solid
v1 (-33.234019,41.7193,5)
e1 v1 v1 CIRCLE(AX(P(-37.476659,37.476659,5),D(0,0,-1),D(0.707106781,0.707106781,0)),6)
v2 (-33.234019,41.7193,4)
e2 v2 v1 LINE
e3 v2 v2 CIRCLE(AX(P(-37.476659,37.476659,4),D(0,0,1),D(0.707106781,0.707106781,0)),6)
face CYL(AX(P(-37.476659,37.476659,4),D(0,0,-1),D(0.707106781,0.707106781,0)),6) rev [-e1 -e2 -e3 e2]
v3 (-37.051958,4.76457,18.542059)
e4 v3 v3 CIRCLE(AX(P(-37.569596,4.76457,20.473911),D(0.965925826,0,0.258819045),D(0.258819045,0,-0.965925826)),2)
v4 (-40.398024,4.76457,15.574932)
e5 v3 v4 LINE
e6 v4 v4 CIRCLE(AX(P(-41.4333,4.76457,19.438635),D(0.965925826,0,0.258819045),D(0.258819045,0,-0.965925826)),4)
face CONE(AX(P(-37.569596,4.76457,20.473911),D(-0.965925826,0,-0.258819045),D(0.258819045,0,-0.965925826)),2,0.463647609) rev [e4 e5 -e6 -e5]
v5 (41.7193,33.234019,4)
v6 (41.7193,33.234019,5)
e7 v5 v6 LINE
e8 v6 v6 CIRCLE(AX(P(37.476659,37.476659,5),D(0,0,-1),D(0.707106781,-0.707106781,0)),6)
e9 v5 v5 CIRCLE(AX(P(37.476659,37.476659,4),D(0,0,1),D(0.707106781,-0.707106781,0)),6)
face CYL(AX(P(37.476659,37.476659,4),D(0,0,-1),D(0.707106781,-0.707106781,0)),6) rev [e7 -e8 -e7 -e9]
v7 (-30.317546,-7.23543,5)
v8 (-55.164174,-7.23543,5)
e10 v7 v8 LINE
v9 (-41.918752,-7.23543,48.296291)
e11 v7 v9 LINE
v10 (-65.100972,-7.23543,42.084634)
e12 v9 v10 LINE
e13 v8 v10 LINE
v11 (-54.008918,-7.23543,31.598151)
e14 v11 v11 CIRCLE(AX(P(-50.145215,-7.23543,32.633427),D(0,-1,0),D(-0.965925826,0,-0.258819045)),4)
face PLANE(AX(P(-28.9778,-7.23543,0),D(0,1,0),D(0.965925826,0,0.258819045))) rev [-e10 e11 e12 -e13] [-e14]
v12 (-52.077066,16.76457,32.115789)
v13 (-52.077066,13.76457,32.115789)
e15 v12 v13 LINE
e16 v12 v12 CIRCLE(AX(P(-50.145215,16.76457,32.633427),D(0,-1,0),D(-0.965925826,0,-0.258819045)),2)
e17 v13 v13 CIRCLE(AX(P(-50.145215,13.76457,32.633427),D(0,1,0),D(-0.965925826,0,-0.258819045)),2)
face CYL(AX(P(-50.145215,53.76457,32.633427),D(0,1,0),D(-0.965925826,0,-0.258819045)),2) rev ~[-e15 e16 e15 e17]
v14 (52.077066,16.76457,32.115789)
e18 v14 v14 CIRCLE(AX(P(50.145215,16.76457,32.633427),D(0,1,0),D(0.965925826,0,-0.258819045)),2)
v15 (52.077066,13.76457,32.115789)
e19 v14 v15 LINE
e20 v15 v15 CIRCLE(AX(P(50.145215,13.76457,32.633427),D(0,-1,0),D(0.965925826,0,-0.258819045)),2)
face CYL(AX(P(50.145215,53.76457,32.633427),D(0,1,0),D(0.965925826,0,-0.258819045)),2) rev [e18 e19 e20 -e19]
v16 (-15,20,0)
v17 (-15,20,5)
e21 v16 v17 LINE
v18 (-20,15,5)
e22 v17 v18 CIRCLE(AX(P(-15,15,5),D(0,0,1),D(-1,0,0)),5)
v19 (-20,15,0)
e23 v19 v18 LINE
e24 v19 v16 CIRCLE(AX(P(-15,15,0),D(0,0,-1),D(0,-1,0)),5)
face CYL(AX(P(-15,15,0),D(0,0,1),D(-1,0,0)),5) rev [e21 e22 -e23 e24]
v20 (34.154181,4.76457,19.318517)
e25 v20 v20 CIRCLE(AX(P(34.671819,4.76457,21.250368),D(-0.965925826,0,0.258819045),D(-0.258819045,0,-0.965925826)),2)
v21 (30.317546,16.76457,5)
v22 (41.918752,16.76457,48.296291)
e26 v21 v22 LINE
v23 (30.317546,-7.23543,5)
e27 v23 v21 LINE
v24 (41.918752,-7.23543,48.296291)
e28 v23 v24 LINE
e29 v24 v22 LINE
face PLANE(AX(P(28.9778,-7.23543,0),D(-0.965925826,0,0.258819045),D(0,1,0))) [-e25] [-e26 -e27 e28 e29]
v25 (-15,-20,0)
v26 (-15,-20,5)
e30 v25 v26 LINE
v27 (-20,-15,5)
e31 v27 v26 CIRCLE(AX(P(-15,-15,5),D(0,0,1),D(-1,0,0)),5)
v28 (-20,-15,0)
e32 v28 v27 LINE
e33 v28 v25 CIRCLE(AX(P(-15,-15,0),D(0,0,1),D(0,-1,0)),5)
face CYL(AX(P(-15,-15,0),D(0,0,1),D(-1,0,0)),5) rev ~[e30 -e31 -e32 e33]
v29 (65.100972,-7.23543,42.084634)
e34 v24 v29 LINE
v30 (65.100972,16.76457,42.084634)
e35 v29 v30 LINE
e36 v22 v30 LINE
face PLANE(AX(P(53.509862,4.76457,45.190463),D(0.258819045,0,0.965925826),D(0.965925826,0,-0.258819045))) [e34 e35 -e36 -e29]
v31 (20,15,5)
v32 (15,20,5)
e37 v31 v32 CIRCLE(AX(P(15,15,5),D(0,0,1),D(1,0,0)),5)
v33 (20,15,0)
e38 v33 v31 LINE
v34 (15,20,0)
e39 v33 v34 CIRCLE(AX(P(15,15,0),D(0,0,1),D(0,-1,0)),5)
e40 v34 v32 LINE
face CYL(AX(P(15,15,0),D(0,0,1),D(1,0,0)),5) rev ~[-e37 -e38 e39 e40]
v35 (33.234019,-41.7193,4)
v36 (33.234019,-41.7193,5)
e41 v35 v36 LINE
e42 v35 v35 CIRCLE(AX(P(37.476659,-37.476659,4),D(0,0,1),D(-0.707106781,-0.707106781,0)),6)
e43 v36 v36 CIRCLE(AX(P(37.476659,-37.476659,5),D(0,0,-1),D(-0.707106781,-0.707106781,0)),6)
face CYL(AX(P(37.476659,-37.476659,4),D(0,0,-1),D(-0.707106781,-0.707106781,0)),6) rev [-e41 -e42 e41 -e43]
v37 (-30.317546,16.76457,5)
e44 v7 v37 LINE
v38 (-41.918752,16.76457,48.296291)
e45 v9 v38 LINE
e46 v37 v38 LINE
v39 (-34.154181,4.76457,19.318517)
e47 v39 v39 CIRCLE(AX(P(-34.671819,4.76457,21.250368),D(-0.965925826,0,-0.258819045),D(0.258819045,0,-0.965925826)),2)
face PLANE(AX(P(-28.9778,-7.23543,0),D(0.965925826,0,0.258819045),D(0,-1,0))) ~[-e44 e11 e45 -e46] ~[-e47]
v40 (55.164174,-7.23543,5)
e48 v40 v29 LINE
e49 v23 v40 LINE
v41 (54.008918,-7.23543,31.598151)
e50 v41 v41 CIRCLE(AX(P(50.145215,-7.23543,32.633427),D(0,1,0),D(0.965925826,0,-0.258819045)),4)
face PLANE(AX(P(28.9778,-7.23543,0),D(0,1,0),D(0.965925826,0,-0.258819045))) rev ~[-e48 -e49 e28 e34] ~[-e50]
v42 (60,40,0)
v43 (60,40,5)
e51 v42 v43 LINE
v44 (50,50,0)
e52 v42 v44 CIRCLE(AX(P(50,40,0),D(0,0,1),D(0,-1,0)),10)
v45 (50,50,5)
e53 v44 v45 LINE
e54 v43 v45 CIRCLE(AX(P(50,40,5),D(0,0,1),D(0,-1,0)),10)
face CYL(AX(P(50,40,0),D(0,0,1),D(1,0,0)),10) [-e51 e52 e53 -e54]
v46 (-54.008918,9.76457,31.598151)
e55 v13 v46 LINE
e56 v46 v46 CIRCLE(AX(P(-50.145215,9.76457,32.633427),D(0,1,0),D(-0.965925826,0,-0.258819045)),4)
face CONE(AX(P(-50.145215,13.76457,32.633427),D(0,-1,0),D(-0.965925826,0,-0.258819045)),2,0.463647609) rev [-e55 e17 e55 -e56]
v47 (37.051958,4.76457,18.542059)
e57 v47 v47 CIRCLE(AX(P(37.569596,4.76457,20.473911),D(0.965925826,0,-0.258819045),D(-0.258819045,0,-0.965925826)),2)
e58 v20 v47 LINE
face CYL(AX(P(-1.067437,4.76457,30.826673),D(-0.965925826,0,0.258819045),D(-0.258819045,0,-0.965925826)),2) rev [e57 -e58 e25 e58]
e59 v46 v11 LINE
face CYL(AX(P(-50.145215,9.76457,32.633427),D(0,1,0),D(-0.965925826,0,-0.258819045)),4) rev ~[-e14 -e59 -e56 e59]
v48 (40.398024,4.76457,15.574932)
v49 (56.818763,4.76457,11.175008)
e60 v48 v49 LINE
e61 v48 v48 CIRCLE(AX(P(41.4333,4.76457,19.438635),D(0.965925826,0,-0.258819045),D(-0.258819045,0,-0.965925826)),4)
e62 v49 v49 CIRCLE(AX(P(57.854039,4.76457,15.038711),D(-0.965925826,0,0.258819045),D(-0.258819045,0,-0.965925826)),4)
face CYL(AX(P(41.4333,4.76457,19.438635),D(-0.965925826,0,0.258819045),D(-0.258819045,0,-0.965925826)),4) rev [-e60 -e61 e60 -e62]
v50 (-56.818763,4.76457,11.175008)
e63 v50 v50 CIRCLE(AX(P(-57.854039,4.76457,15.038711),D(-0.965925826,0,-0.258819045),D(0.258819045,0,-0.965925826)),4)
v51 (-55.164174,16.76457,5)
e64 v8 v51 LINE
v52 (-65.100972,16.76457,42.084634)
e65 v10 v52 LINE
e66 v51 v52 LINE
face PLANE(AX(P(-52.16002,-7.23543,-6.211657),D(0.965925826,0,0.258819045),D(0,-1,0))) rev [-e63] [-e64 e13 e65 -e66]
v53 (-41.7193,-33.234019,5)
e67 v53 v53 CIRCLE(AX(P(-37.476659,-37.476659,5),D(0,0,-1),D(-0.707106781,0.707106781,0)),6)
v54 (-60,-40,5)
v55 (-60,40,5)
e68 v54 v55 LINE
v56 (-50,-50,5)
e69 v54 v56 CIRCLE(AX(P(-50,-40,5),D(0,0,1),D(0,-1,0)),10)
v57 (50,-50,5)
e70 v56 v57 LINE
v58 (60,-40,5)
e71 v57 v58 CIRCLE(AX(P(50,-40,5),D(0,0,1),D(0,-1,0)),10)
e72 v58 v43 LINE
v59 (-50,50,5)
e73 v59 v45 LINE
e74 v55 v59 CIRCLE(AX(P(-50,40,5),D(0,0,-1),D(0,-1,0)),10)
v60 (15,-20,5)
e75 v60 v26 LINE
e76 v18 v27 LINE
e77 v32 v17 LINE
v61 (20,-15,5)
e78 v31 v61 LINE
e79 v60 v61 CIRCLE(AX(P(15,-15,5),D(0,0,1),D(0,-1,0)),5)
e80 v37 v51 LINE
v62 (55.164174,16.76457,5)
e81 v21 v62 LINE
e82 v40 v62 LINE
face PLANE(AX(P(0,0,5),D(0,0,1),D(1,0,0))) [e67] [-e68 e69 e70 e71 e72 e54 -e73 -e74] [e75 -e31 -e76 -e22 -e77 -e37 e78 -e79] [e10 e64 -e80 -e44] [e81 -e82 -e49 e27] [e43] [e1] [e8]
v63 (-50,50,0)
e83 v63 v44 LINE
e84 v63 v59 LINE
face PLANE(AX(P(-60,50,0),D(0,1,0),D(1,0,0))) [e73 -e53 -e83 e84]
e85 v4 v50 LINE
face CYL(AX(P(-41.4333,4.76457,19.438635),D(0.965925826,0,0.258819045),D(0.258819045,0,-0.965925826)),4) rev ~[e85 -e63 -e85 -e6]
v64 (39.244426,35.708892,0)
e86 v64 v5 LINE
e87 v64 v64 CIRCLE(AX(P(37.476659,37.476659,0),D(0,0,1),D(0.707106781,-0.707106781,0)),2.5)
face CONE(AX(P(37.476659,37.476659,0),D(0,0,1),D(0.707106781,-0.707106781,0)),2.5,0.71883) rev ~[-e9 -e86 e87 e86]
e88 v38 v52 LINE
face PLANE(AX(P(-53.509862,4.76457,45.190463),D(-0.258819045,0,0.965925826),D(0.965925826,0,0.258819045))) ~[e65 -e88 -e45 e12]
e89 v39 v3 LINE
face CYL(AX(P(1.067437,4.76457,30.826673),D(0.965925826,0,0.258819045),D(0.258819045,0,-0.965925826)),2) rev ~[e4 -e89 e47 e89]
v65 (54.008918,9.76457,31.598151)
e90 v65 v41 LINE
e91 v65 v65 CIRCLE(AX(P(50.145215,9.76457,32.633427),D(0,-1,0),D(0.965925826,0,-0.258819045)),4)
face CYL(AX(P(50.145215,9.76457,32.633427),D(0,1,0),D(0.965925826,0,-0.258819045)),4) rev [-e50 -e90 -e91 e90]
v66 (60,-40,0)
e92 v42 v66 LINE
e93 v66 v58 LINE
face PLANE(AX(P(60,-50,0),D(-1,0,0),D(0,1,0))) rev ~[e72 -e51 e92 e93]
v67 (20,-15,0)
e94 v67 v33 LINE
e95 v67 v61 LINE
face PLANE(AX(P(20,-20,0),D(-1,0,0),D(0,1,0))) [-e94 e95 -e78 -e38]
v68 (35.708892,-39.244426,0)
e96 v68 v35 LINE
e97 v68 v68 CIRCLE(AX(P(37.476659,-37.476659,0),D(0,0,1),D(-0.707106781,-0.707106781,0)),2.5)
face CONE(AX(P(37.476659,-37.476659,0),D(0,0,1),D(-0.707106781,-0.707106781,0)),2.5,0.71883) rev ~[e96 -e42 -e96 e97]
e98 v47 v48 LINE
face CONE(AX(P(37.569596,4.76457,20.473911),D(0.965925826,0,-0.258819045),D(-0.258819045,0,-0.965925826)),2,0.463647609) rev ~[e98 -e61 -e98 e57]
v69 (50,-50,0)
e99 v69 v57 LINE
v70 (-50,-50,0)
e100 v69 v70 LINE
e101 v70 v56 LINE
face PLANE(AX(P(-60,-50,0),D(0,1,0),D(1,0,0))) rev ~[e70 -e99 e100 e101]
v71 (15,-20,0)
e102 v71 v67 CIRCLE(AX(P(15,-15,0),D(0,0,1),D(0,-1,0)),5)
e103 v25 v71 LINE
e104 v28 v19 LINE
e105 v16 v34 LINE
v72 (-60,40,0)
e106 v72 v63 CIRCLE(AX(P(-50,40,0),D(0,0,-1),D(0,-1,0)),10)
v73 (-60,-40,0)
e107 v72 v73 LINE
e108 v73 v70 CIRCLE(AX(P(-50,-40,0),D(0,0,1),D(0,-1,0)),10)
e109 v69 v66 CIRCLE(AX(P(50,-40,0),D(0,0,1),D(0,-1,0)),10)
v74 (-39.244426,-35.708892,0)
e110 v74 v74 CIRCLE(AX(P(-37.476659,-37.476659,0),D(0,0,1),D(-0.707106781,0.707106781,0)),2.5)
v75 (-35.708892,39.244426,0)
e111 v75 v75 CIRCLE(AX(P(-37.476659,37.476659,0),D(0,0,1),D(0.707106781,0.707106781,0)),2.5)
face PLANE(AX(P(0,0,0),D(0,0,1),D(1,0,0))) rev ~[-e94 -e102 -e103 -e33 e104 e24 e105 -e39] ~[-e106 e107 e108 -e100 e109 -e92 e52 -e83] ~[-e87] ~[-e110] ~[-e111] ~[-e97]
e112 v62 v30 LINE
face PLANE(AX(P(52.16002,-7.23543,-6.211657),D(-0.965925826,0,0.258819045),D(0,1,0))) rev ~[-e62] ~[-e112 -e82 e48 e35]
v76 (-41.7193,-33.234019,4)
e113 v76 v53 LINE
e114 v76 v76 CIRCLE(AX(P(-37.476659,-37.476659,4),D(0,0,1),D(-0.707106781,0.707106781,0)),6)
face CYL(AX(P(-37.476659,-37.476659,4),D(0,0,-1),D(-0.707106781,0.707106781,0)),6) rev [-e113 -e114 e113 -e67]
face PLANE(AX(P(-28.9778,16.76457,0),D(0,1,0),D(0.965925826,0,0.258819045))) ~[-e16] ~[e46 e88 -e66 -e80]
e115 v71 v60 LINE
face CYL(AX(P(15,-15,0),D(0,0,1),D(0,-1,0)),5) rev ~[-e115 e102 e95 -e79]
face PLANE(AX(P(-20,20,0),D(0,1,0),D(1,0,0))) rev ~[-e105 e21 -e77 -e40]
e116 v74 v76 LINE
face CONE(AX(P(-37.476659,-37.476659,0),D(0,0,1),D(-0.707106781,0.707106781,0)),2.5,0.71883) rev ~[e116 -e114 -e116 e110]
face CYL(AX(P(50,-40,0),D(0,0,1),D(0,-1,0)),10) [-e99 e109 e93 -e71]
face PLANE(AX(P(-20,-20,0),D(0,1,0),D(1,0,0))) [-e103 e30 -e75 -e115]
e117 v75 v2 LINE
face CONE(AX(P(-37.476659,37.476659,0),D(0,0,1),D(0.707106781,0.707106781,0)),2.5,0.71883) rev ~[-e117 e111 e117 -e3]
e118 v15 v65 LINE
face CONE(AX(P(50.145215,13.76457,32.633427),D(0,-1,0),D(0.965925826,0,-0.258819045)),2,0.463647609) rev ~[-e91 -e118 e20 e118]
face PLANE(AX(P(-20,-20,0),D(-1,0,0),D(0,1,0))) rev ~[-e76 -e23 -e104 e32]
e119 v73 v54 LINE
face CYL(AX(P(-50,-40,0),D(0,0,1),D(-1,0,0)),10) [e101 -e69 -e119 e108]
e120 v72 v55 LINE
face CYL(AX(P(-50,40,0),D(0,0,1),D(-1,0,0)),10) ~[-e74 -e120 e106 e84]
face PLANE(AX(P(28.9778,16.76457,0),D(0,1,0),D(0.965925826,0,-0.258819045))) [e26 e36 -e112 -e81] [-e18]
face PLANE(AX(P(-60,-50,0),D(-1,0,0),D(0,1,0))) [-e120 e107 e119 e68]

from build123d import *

# Parameters (mm, degrees)
CYLINDER_R               = 6
CYLINDER_DEPTH           = 60
CYLINDER001_R            = 2.5
CYLINDER001_DEPTH        = 40
ARRAY001_COUNT           = 4
ARRAY001_PLACEMENT_ANGLE = 45
BOX007_W                 = 40
BOX007_H                 = 40
BOX007_DEPTH             = 10
FILLET001_R              = 5
CYLINDER003_R            = 70
CYLINDER003_DEPTH        = 20
CYLINDER004_R            = 4
CYLINDER004_DEPTH        = 60
CYLINDER005_R            = 2
CYLINDER005_DEPTH        = 40
BODY004_PLACEMENT_ANGLE  = 90
BODY003_PLACEMENT_ANGLE  = 90
BOX005_W                 = 24
BOX005_H                 = 24
BOX005_DEPTH             = 50
CUT002_PLACEMENT_ANGLE   = 15
BOX006_W                 = 120
BOX006_H                 = 100
BOX006_DEPTH             = 5
FILLET_R                 = 10


with BuildPart() as cone001:
    # Cone001 → Cone001 (revolve)
    with BuildSketch(Plane.XZ):
        Polygon((0, 0), (2.5, 0), (6, 4), (0, 4), align=None)
    revolve(axis=Axis((0, 0, 0), (0, 0, 1)))


with BuildPart() as cylinder:
    # Cylinder → Cylinder (new body)
    with BuildSketch(Plane.XY.offset(4)):
        Circle(CYLINDER_R)
    extrude(amount=CYLINDER_DEPTH)


with BuildPart() as screw_hole_clone:
    # Cylinder001 → Cylinder001 (new body)
    with BuildSketch(Plane.XY.offset(-40)):
        Circle(CYLINDER001_R)
    extrude(amount=CYLINDER001_DEPTH)

    # Fusion002: union Cone001, Cylinder
    add(cone001.part)
    add(cylinder.part)


with BuildPart() as screw_hole_clone_1:
    # Fusion002 placement: moved
    add(screw_hole_clone.part.moved(Location((0, 0, 5))))


with BuildPart() as screw_hole_clone_2:
    # Body001 placement: moved
    add(screw_hole_clone_1.part.moved(Location((0, 0, -5))))


with BuildPart() as array001:
    # Body002 base: copy of screw hole clone
    add(screw_hole_clone_2.part)


with BuildPart() as array001_1:
    # Body002 placement: moved
    add(array001.part.moved(Location((0, 53, 0))))

    # Array001: Array001 ×4 about axis
    array001_axis = Axis((0, 0, 0), (0, 0, 1))


with BuildPart() as array001_2:
    add(array001_1.part)
    for i in range(1, ARRAY001_COUNT):
        add(array001_1.part.rotate(array001_axis, i * 360 / ARRAY001_COUNT))


with BuildPart() as array001_3:
    # Array001 placement: moved
    add(array001_2.part.rotate(Axis((0, 0, 0), (0, 0, 1)), ARRAY001_PLACEMENT_ANGLE))


with BuildPart() as central_hole_cube_fillet:
    # Box007 → Box007 (new body)
    with BuildSketch(Plane(origin=(-20, -20, 0), x_dir=(1, 0, 0), z_dir=(0, 0, 1))):
        with Locations((20, 20)):
            Rectangle(BOX007_W, BOX007_H)
    extrude(amount=BOX007_DEPTH)

    # Fillet001
    fillet001_edges = [central_hole_cube_fillet.edges().sort_by_distance(p)[0] for p in [
        (-20, -20, 5),
        (-20, 20, 5),
        (20, -20, 5),
        (20, 20, 5),
    ]]
    fillet(fillet001_edges, radius=FILLET001_R)


with BuildPart() as extraction_fusion:
    # Cylinder003 → Cylinder003 (new body)
    with BuildSketch(Plane.XY.offset(-20)):
        Circle(CYLINDER003_R)
    extrude(amount=CYLINDER003_DEPTH)

    # Fusion006: union screw hole clone, Array001, central hole cube fillet
    add(screw_hole_clone_2.part)
    add(array001_3.part)
    add(central_hole_cube_fillet.part)


with BuildPart() as cone002:
    # Cone002 → Cone002 (revolve)
    with BuildSketch(Plane.XZ):
        Polygon((0, 0), (2, 0), (4, 4), (0, 4), align=None)
    revolve(axis=Axis((0, 0, 0), (0, 0, 1)))


with BuildPart() as cylinder004:
    # Cylinder004 → Cylinder004 (new body)
    with BuildSketch(Plane.XY.offset(4)):
        Circle(CYLINDER004_R)
    extrude(amount=CYLINDER004_DEPTH)


with BuildPart() as m3_screw_hole_fusion:
    # Cylinder005 → Cylinder005 (new body)
    with BuildSketch(Plane.XY.offset(-40)):
        Circle(CYLINDER005_R)
    extrude(amount=CYLINDER005_DEPTH)

    # Fusion007: union Cone002, Cylinder004
    add(cone002.part)
    add(cylinder004.part)


with BuildPart() as m3_screw_hole_fusion_1:
    # Fusion007 placement: moved
    add(m3_screw_hole_fusion.part.moved(Location((0, 0, 5))))


with BuildPart() as m3_screw_hole_fusion_clone001:
    # Body004 base: copy of m3 screw hole fusion
    add(m3_screw_hole_fusion_1.part)


with BuildPart() as m3_screw_hole_fusion_clone001_1:
    # Body004 placement: moved
    add(m3_screw_hole_fusion_clone001.part.moved(Location((12, 26, 37))).rotate(Axis((12, 26, 37), (1, 0, 0)), BODY004_PLACEMENT_ANGLE))


with BuildPart() as m3_hole_fusion:
    # Body003 base: copy of m3 screw hole fusion
    add(m3_screw_hole_fusion_1.part)


with BuildPart() as m3_hole_fusion_1:
    # Body003 placement: moved
    add(m3_hole_fusion.part.moved(Location((-2, 12, 22))).rotate(Axis((-2, 12, 22), (0, 1, 0)), BODY003_PLACEMENT_ANGLE))

    # Fusion008: union m3 screw hole fusion clone001
    add(m3_screw_hole_fusion_clone001_1.part)


with BuildPart() as cube_cut:
    # Box005 → Box005 (new body)
    with BuildSketch(Plane.XY):
        with Locations((12, 12)):
            Rectangle(BOX005_W, BOX005_H)
    extrude(amount=BOX005_DEPTH)

    # Cut002: cut m3 hole fusion
    add(m3_hole_fusion_1.part, mode=Mode.SUBTRACT)


with BuildPart() as cube_cut_1:
    # Cut002 placement: moved
    add(cube_cut.part.moved(Location((28.9778, -7.23543, 0))).rotate(Axis((28.9778, -7.23543, 0), (0, 1, 0)), CUT002_PLACEMENT_ANGLE))


with BuildPart() as base_cube_fillet:
    # Box006 → Box006 (new body)
    with BuildSketch(Plane(origin=(-60, -50, 0), x_dir=(1, 0, 0), z_dir=(0, 0, 1))):
        with Locations((60, 50)):
            Rectangle(BOX006_W, BOX006_H)
    extrude(amount=BOX006_DEPTH)

    # Fillet
    fillet_edges = [base_cube_fillet.edges().sort_by_distance(p)[0] for p in [
        (-60, -50, 2.5),
        (-60, 50, 2.5),
        (60, -50, 2.5),
        (60, 50, 2.5),
    ]]
    fillet(fillet_edges, radius=FILLET_R)


with BuildPart() as stand_cut_v2:
    # Part__Mirroring001: instance of cube cut
    add(cube_cut_1.part.mirror(Plane(origin=(0, 7, 0), x_dir=(0, -1, 0), z_dir=(1, 0, 0))))

    # Fusion005: union cube cut, base cube fillet
    add(cube_cut_1.part)
    add(base_cube_fillet.part)

    # Cut001: cut extraction fusion
    add(extraction_fusion.part, mode=Mode.SUBTRACT)


solid = stand_cut_v2.part
